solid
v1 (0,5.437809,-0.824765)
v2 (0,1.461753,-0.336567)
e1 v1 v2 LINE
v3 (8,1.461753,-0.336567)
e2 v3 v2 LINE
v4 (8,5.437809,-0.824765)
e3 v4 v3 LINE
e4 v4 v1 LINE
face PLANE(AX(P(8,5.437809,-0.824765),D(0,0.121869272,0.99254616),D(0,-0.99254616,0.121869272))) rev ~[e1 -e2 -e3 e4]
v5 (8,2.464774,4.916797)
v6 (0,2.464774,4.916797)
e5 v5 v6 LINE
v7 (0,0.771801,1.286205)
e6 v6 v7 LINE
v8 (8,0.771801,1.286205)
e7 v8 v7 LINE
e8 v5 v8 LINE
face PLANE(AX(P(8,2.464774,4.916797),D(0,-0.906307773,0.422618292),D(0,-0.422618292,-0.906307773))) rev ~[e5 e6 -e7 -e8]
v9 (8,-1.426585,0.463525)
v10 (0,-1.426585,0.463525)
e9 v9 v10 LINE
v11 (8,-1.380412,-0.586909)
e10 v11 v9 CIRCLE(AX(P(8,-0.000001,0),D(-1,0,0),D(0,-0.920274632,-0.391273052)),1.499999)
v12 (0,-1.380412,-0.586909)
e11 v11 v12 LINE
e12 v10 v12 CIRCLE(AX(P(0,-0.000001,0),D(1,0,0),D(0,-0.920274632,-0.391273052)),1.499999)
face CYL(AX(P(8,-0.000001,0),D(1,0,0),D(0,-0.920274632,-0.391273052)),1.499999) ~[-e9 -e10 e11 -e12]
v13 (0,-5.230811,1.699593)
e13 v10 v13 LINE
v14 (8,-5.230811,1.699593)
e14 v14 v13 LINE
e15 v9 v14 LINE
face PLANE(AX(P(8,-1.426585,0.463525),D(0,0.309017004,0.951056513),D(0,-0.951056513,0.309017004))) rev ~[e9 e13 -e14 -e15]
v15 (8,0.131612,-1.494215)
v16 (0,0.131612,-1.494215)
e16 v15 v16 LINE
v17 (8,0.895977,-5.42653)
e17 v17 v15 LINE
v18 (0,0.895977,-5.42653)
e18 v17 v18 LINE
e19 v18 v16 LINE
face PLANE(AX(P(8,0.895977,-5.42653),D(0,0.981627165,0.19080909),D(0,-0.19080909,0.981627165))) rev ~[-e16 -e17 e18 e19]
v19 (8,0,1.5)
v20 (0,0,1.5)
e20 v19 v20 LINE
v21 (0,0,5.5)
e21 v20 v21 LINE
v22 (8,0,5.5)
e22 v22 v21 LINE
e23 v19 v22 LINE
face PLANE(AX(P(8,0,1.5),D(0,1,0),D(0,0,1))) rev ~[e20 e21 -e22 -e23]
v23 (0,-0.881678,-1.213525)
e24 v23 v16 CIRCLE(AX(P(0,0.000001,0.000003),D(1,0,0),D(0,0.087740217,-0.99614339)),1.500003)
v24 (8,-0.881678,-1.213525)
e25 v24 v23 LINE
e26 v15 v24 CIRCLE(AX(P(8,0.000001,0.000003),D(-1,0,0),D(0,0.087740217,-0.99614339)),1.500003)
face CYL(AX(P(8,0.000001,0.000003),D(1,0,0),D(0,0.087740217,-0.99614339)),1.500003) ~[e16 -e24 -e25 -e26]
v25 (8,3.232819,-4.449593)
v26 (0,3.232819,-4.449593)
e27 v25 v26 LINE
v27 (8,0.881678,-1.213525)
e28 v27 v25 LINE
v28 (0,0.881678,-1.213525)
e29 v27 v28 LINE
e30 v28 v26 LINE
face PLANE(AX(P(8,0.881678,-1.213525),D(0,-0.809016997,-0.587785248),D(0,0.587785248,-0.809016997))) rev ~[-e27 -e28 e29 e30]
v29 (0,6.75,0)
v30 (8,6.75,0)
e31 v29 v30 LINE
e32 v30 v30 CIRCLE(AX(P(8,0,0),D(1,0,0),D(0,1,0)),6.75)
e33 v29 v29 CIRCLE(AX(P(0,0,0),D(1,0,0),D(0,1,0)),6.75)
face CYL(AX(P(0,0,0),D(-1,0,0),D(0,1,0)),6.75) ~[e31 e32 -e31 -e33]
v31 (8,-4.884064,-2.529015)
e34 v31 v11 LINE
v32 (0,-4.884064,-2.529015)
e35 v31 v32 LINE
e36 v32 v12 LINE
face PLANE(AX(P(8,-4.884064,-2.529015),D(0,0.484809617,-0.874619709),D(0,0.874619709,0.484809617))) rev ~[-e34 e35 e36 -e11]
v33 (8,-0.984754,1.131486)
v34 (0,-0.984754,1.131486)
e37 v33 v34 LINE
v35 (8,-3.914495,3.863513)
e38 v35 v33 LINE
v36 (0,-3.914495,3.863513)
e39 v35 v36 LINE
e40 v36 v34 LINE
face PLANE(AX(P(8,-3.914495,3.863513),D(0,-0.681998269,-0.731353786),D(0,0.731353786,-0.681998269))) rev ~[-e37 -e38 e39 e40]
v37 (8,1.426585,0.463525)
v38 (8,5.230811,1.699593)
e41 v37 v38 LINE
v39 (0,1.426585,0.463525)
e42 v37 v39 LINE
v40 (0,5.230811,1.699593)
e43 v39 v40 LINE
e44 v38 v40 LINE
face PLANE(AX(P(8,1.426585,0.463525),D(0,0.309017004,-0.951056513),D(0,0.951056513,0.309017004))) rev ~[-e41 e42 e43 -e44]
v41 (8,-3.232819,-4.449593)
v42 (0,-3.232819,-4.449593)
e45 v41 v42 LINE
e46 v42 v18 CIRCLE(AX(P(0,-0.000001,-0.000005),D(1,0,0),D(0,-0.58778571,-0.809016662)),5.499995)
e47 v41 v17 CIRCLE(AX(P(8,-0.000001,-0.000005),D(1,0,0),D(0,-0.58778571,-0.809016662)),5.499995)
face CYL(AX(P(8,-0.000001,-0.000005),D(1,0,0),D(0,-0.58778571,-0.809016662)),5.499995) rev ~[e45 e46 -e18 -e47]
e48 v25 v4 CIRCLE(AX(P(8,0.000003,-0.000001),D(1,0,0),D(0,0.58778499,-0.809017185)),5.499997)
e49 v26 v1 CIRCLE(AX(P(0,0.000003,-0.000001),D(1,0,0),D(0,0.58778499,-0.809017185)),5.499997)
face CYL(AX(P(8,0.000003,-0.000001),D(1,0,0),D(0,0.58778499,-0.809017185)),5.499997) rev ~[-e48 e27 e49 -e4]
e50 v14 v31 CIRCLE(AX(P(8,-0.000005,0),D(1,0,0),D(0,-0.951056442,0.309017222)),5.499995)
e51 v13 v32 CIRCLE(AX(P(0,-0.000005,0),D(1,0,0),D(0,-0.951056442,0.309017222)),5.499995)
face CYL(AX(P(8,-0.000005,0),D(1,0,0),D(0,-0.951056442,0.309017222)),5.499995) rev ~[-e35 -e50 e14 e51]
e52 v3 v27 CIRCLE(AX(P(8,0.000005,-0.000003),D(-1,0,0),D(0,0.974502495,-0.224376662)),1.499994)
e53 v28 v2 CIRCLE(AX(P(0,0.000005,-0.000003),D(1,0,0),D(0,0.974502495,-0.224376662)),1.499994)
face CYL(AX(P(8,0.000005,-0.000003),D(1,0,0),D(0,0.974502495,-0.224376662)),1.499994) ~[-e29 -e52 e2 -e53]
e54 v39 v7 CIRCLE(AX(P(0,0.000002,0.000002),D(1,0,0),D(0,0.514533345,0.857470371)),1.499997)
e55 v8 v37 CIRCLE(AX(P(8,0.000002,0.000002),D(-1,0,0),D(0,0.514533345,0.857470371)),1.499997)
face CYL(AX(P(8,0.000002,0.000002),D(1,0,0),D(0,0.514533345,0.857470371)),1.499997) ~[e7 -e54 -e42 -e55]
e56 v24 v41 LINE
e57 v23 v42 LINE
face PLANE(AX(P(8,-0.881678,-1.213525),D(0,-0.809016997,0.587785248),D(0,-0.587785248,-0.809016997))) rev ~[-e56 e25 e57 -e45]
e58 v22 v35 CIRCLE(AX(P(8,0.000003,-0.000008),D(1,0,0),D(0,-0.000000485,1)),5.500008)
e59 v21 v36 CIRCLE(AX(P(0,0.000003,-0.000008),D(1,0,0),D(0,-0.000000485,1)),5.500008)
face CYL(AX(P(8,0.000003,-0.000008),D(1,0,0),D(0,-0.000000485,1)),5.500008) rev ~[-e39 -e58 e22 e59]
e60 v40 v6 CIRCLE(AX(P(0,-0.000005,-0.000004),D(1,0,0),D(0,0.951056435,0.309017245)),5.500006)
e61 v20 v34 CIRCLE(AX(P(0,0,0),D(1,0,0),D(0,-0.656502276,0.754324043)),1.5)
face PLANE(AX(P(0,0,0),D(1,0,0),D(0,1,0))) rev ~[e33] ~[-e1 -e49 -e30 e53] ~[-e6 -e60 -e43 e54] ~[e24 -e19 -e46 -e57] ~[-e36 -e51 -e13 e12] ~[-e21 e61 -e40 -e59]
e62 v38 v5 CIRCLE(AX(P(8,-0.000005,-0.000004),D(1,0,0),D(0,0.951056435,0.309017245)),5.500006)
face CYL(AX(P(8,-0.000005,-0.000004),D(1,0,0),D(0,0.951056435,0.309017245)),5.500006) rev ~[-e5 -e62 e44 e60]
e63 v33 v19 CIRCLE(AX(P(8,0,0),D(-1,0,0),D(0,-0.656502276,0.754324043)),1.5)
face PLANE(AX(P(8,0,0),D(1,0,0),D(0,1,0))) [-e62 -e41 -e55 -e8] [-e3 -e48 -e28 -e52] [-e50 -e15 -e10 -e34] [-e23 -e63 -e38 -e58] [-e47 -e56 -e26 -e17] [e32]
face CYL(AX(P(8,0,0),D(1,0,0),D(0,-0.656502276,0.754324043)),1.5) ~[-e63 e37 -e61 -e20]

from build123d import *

# Parameters (mm, degrees)
F0_R     = 6.75
F1_DEPTH = 8
F3_DEPTH = 8.001


with BuildPart() as f1:
    # F0 (on Right) → F1 (new body)
    with BuildSketch(Plane.YZ):
        Circle(F0_R)
    extrude(amount=F1_DEPTH)

    # F2 (on face) → F3 (cut, through all)
    with BuildSketch(Plane.YZ.offset(8)):
        with BuildLine():
            Line((0, 1.5), (0, 5.5))
            ThreePointArc((0, 5.5), (-2.1214, 5.074412), (-3.914495, 3.863513))
            Line((-3.914495, 3.863513), (-0.984754, 1.131486))
            ThreePointArc((-0.984754, 1.131486), (-0.525724, 1.404854), (0, 1.5))
        make_face()
        with BuildLine():
            Line((1.426585, 0.463525), (5.230811, 1.699593))
            ThreePointArc((5.230811, 1.699593), (4.170504, 3.585651), (2.464774, 4.916797))
            Line((2.464774, 4.916797), (0.771801, 1.286205))
            ThreePointArc((0.771801, 1.286205), (1.173638, 0.934117), (1.426585, 0.463525))
        make_face()
        with BuildLine():
            ThreePointArc((3.232819, -4.449593), (4.698914, -2.858358), (5.437809, -0.824765))
            Line((5.437809, -0.824765), (1.461753, -0.336567))
            ThreePointArc((1.461753, -0.336567), (1.251072, -0.827538), (0.881678, -1.213525))
            Line((0.881678, -1.213525), (3.232819, -4.449593))
        make_face()
        with BuildLine():
            ThreePointArc((-3.232819, -4.449593), (-1.266416, -5.352214), (0.895977, -5.42653))
            Line((0.895977, -5.42653), (0.131612, -1.494215))
            ThreePointArc((0.131612, -1.494215), (-0.400433, -1.445563), (-0.881678, -1.213525))
            Line((-0.881678, -1.213525), (-3.232819, -4.449593))
        make_face()
        with BuildLine():
            Line((-1.426585, 0.463525), (-5.230811, 1.699593))
            ThreePointArc((-5.230811, 1.699593), (-5.481602, -0.449492), (-4.884064, -2.529015))
            Line((-4.884064, -2.529015), (-1.380412, -0.586909))
            ThreePointArc((-1.380412, -0.586909), (-1.498553, -0.06587), (-1.426585, 0.463525))
        make_face()
    extrude(amount=-F3_DEPTH, mode=Mode.SUBTRACT)


solid = f1.part
